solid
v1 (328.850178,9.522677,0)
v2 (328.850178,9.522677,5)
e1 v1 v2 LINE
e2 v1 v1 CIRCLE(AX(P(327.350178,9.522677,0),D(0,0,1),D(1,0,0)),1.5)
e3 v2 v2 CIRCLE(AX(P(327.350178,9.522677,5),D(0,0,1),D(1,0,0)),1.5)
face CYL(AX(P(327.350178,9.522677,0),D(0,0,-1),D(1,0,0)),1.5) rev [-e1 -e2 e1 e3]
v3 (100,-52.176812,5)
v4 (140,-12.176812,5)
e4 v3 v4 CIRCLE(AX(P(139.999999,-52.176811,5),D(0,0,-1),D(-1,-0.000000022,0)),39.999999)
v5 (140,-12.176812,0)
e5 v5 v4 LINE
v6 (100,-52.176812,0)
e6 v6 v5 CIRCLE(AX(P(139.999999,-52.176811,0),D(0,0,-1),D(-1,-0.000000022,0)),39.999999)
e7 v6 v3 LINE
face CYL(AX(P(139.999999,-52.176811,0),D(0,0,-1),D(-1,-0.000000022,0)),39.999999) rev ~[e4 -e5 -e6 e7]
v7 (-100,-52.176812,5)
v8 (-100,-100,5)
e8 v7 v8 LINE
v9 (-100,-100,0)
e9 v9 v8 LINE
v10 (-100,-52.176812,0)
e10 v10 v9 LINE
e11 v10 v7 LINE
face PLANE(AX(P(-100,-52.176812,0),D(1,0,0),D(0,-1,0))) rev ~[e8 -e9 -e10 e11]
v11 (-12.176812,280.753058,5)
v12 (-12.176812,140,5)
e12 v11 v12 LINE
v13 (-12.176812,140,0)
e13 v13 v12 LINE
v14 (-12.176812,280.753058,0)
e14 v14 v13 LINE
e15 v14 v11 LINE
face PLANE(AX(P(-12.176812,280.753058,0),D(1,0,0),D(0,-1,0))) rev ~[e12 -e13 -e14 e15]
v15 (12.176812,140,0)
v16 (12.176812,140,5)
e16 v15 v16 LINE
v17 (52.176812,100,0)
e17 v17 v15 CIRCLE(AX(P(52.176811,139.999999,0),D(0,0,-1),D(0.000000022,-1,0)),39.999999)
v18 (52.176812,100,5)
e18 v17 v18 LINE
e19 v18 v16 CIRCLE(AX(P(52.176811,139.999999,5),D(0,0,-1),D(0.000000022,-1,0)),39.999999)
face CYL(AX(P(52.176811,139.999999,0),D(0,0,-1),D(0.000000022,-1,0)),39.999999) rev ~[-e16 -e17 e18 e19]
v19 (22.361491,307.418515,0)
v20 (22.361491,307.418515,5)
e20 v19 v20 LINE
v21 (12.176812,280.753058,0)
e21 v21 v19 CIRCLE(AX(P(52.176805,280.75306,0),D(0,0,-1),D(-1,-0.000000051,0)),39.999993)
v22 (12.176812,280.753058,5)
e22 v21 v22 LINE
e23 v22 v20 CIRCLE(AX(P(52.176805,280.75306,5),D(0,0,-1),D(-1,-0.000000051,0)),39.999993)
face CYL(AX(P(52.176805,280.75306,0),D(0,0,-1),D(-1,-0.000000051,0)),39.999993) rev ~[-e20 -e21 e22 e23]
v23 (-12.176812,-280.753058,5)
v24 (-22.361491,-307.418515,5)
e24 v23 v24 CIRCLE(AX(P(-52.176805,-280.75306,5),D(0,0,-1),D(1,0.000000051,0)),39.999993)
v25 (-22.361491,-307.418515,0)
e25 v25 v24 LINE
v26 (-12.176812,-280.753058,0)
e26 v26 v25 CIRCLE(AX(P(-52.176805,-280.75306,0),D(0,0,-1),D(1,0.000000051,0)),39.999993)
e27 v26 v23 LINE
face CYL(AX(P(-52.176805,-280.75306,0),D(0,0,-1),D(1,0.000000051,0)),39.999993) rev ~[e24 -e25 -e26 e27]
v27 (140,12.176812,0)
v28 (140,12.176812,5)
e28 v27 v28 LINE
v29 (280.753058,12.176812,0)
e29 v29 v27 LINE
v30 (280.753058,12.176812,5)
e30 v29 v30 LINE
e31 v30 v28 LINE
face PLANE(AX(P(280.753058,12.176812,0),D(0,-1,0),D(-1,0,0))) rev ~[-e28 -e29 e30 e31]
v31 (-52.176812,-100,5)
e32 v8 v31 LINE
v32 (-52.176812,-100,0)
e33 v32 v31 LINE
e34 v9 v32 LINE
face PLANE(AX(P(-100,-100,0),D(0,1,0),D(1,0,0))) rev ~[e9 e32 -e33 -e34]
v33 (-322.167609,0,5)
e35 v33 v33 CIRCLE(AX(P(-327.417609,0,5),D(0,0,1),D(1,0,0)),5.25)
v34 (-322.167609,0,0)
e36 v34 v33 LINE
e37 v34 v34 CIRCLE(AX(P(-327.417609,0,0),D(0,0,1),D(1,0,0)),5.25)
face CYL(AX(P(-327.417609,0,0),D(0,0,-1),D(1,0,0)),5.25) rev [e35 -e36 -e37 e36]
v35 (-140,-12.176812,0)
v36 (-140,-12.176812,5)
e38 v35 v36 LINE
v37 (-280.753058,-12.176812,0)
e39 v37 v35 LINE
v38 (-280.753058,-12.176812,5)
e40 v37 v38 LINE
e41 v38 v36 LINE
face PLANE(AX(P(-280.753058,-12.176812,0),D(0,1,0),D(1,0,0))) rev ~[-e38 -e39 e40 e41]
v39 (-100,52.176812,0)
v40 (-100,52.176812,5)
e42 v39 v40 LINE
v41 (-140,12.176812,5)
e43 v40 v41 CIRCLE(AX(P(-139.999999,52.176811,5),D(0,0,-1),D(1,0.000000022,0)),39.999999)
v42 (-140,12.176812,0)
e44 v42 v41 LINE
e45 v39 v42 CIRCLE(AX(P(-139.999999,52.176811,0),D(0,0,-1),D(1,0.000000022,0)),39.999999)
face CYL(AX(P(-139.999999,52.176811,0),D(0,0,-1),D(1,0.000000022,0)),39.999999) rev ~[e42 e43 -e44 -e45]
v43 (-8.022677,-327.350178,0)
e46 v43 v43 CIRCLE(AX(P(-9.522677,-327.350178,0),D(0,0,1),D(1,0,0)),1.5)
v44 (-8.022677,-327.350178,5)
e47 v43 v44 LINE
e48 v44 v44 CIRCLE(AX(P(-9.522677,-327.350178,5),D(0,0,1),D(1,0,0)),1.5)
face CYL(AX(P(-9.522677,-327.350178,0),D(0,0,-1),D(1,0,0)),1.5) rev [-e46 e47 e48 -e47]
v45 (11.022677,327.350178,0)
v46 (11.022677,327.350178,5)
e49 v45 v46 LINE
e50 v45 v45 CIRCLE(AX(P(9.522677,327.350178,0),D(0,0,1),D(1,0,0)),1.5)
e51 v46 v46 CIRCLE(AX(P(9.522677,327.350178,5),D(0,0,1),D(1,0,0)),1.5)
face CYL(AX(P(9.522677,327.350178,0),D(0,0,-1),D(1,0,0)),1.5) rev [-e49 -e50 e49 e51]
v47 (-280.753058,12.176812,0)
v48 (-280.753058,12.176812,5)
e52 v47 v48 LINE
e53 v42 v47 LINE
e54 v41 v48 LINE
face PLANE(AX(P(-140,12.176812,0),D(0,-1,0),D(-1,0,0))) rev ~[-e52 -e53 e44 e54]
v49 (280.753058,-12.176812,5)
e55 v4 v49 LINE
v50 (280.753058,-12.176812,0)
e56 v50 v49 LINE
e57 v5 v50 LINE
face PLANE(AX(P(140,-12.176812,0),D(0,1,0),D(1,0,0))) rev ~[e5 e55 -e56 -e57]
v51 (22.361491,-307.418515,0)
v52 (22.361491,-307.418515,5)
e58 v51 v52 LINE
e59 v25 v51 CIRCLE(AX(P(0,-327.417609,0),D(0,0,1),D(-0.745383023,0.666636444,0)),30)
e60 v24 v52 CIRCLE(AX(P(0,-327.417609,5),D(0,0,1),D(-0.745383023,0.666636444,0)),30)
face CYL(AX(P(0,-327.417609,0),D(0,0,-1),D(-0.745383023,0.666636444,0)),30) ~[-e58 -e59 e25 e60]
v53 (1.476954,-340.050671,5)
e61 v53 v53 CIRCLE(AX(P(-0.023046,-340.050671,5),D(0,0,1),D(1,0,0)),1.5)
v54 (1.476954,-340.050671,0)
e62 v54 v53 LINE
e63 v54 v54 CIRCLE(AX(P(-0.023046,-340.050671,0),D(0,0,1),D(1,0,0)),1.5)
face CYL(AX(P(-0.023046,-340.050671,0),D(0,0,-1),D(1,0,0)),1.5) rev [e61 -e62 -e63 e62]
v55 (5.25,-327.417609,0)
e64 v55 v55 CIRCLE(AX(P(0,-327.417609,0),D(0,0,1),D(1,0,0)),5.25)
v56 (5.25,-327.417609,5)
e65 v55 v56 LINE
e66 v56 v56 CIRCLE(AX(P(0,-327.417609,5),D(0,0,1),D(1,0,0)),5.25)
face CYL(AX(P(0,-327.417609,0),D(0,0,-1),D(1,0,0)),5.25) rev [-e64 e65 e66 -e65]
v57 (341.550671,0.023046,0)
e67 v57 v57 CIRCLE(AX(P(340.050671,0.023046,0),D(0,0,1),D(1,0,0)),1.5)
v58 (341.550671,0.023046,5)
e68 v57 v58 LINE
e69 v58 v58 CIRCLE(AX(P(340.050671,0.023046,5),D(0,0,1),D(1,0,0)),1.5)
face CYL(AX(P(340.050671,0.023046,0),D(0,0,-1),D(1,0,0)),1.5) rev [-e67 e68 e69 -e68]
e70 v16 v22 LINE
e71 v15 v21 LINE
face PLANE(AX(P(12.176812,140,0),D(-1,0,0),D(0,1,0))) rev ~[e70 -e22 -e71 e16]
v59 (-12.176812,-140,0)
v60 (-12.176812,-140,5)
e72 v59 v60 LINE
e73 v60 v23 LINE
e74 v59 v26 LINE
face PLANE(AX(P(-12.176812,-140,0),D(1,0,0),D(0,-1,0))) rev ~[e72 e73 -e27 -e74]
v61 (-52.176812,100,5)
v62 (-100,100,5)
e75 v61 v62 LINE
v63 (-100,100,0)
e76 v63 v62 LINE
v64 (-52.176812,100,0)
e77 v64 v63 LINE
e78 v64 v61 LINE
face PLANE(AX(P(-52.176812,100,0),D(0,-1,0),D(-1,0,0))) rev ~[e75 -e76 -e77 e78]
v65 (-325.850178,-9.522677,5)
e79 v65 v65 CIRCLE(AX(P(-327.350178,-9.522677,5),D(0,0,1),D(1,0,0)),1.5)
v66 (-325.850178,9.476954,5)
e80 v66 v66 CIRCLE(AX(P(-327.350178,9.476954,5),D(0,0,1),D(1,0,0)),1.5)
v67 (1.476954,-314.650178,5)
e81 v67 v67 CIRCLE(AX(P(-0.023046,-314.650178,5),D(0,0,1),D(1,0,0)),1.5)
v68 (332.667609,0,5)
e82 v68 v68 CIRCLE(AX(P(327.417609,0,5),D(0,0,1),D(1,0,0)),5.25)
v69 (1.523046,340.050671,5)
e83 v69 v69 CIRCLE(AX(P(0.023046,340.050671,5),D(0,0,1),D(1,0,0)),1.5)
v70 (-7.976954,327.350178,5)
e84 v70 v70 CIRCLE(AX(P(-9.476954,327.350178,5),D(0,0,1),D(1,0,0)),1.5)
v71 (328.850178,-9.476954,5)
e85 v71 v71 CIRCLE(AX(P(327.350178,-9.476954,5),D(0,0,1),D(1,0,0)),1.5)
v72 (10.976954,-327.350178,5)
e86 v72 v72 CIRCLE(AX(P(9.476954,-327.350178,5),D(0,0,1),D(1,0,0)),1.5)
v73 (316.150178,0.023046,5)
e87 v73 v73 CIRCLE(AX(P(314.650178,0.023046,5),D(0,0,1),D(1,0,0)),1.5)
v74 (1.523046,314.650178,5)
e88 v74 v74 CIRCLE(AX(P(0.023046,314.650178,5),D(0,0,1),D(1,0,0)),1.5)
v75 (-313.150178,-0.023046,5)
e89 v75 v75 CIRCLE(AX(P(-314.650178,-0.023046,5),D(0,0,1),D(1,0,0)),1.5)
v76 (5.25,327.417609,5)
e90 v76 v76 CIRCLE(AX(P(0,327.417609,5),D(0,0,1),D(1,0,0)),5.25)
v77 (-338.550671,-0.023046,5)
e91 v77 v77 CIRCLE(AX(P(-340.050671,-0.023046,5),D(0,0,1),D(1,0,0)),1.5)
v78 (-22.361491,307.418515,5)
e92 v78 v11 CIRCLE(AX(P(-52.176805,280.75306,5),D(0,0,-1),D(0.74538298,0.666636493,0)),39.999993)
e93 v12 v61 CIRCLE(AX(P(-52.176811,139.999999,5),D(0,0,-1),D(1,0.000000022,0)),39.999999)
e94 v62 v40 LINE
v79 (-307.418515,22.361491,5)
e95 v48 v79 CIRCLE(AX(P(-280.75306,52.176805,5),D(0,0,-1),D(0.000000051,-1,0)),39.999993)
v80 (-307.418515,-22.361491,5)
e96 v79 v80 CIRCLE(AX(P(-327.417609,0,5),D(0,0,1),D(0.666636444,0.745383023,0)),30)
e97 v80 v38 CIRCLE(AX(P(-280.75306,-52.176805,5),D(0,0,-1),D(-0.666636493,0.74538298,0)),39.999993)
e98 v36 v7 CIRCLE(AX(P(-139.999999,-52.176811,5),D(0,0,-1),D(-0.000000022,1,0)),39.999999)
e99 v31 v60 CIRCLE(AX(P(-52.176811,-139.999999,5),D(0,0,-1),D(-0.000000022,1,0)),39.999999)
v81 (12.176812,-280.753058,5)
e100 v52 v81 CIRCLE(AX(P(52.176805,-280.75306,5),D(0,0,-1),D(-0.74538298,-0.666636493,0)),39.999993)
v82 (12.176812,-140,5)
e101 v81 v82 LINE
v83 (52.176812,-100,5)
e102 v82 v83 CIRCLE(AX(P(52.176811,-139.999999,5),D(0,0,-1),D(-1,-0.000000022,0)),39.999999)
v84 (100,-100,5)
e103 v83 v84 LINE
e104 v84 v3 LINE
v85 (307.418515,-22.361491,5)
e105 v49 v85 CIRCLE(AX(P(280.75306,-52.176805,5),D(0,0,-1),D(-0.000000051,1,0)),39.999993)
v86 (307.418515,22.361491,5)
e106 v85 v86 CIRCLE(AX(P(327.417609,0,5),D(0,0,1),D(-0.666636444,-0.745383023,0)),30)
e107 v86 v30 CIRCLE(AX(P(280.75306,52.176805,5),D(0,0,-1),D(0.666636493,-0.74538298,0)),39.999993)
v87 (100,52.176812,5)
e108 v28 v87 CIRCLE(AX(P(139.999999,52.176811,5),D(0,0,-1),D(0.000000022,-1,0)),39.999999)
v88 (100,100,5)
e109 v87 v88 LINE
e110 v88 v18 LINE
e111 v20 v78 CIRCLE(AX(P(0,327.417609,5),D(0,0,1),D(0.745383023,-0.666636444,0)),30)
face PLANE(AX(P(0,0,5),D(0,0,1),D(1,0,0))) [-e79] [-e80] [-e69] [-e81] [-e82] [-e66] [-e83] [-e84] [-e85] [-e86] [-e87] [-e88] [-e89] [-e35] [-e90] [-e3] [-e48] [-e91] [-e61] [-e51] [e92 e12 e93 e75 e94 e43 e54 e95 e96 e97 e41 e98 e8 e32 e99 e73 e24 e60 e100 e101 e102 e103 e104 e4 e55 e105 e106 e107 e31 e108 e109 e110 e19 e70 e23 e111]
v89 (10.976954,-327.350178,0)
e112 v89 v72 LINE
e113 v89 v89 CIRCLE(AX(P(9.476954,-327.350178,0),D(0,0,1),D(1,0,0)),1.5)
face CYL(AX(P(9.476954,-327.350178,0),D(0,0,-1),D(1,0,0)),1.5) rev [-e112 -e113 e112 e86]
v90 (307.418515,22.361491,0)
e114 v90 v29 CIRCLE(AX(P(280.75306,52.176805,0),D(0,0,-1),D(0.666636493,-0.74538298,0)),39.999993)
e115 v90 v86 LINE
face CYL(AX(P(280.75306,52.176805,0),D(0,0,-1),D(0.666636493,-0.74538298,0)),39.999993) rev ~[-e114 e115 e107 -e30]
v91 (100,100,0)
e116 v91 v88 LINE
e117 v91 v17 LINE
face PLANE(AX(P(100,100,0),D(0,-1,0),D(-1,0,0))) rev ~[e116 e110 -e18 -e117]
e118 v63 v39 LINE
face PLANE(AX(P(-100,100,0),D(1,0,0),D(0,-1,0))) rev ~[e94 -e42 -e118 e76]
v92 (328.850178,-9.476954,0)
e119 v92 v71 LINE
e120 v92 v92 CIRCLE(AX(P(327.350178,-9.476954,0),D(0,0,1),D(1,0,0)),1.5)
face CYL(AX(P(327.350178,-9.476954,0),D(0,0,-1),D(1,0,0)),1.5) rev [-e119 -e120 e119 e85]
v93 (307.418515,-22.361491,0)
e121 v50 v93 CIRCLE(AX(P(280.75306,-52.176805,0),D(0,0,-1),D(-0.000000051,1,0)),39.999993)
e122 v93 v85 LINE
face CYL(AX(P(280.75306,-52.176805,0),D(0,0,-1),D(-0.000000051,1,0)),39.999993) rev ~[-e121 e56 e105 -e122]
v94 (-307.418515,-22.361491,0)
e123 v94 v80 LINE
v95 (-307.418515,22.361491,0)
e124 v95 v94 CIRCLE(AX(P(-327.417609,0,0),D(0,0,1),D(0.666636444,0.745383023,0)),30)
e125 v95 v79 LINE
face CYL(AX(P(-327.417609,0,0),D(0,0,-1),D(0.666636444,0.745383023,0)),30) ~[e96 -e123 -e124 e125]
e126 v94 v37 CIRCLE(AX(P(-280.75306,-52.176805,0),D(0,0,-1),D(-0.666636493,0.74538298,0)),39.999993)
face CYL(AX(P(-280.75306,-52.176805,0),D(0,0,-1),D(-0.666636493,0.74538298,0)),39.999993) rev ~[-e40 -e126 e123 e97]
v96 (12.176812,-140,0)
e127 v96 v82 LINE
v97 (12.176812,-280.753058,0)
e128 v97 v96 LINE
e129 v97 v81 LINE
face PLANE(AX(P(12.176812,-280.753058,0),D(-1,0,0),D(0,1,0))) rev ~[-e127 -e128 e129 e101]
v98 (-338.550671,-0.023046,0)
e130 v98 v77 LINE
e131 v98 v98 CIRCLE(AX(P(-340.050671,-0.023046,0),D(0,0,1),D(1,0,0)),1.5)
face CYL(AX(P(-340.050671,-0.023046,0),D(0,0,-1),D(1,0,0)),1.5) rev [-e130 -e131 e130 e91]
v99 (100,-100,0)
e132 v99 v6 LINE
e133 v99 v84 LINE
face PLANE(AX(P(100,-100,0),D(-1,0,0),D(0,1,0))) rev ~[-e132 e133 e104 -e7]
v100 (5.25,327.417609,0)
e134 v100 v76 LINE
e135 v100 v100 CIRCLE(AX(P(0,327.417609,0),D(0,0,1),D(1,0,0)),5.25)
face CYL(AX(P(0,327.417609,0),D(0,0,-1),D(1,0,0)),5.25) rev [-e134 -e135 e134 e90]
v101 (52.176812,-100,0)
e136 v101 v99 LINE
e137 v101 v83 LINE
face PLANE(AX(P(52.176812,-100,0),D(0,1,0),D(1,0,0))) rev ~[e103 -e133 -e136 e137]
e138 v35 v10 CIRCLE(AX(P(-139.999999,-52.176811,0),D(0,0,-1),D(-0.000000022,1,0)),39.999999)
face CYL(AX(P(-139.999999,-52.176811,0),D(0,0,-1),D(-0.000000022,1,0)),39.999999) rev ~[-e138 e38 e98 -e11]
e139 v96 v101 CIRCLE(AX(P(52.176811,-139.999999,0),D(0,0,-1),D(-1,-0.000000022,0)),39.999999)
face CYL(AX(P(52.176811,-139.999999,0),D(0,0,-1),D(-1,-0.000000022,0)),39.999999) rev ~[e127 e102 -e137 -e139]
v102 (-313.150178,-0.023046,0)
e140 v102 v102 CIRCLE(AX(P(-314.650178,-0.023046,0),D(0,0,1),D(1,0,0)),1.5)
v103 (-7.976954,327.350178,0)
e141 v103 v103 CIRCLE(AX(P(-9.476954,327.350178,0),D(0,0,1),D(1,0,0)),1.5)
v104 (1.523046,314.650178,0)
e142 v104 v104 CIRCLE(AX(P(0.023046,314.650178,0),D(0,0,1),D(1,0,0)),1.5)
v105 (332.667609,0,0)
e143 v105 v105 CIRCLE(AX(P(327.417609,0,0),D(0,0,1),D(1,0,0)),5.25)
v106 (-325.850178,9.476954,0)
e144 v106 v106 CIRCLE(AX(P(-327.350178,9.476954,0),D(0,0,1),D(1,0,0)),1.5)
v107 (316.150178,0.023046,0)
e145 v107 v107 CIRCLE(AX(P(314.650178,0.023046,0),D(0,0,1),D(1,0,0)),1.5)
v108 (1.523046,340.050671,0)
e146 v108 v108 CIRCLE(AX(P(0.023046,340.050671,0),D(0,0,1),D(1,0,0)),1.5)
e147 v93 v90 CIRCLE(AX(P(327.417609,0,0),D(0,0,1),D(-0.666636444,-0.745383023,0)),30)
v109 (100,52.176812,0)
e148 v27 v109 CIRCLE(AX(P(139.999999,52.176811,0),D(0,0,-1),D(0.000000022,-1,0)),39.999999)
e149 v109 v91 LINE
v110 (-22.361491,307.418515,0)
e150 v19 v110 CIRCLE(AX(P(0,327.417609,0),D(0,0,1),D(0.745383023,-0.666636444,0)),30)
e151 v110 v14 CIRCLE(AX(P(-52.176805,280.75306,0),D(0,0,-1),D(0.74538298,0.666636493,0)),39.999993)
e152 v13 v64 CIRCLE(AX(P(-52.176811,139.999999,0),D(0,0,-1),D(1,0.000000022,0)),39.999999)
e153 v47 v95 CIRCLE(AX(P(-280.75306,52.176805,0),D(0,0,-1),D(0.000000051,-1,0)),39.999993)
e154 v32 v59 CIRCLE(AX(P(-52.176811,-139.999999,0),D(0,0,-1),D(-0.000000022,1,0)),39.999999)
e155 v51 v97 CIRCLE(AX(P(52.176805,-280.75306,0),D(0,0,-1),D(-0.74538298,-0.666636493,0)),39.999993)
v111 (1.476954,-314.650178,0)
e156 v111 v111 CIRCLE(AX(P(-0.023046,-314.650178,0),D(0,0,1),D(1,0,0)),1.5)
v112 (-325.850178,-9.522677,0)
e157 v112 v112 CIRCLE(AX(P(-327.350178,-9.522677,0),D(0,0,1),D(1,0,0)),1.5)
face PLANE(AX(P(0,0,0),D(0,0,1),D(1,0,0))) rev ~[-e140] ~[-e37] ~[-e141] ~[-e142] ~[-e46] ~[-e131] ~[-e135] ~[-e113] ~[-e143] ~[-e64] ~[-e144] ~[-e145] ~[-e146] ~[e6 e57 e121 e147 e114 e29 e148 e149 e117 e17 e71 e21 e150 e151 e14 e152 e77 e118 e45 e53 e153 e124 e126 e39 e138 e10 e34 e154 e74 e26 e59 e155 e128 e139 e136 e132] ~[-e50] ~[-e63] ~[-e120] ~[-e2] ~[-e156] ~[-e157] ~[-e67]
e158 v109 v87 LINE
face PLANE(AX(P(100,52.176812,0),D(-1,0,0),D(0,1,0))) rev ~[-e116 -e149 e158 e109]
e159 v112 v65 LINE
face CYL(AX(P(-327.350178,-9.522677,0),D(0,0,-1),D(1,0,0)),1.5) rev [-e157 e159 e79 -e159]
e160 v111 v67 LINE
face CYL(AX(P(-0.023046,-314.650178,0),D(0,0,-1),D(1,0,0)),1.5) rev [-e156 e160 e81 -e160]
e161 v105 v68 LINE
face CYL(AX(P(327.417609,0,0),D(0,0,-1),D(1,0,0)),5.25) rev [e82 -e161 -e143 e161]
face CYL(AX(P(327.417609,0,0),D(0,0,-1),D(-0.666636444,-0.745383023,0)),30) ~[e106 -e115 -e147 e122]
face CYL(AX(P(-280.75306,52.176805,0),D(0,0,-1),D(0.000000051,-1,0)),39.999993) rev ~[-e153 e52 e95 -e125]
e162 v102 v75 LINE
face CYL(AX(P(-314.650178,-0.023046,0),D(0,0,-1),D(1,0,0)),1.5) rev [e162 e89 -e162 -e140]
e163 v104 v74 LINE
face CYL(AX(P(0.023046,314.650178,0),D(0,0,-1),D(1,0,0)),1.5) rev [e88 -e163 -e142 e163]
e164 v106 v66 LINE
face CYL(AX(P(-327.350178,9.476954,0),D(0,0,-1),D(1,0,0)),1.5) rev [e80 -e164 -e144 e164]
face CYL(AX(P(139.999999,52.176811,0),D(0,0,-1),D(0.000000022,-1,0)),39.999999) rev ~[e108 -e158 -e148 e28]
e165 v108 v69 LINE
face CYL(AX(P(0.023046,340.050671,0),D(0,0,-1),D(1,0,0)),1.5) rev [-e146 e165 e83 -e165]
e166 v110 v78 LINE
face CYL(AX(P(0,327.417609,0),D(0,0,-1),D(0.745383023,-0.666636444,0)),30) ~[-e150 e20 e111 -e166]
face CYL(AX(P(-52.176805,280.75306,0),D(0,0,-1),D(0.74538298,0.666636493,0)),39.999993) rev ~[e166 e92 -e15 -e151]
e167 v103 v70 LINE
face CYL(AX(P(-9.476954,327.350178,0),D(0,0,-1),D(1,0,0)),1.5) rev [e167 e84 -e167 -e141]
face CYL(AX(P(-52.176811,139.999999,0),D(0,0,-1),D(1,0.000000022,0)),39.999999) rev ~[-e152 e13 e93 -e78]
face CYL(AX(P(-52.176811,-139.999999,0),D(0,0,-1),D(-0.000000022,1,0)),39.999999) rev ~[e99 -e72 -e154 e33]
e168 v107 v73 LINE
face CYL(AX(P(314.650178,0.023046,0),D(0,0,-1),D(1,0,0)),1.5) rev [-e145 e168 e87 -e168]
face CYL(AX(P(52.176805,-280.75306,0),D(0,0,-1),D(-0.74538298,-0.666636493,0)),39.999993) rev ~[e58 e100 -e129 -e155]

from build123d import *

# Parameters (mm, degrees)
F0_R     = 1.5
F0_R_2   = 5.25
F1_DEPTH = 5


with BuildPart() as f1:
    # F0 (on Top) → F1 (new body)
    with BuildSketch(Plane.XY):
        with BuildLine():
            Line((52.176812, -100), (100, -100))
            Line((100, -100), (100, -52.176812))
            ThreePointArc((100, -52.176812), (111.715729, -23.89254), (140, -12.176812))
            Line((140, -12.176812), (280.753058, -12.176812))
            ThreePointArc((280.753058, -12.176812), (295.025184, -14.809628), (307.418515, -22.361491))
            ThreePointArc((307.418515, -22.361491), (357.417609, 0), (307.418515, 22.361491))
            ThreePointArc((307.418515, 22.361491), (295.025184, 14.809628), (280.753058, 12.176812))
            Line((280.753058, 12.176812), (140, 12.176812))
            ThreePointArc((140, 12.176812), (111.715729, 23.89254), (100, 52.176812))
            Line((100, 52.176812), (100, 100))
            Line((100, 100), (52.176812, 100))
            ThreePointArc((52.176812, 100), (23.89254, 111.715729), (12.176812, 140))
            Line((12.176812, 140), (12.176812, 280.753058))
            ThreePointArc((12.176812, 280.753058), (14.809628, 295.025184), (22.361491, 307.418515))
            ThreePointArc((22.361491, 307.418515), (0, 357.417609), (-22.361491, 307.418515))
            ThreePointArc((-22.361491, 307.418515), (-14.809628, 295.025184), (-12.176812, 280.753058))
            Line((-12.176812, 280.753058), (-12.176812, 140))
            ThreePointArc((-12.176812, 140), (-23.89254, 111.715729), (-52.176812, 100))
            Line((-52.176812, 100), (-100, 100))
            Line((-100, 100), (-100, 52.176812))
            ThreePointArc((-100, 52.176812), (-111.715729, 23.89254), (-140, 12.176812))
            Line((-140, 12.176812), (-280.753058, 12.176812))
            ThreePointArc((-280.753058, 12.176812), (-295.025184, 14.809628), (-307.418515, 22.361491))
            ThreePointArc((-307.418515, 22.361491), (-357.417609, 0), (-307.418515, -22.361491))
            ThreePointArc((-307.418515, -22.361491), (-295.025184, -14.809628), (-280.753058, -12.176812))
            Line((-280.753058, -12.176812), (-140, -12.176812))
            ThreePointArc((-140, -12.176812), (-111.715729, -23.89254), (-100, -52.176812))
            Line((-100, -52.176812), (-100, -100))
            Line((-100, -100), (-52.176812, -100))
            ThreePointArc((-52.176812, -100), (-23.89254, -111.715729), (-12.176812, -140))
            Line((-12.176812, -140), (-12.176812, -280.753058))
            ThreePointArc((-12.176812, -280.753058), (-14.809628, -295.025184), (-22.361491, -307.418515))
            ThreePointArc((-22.361491, -307.418515), (0, -357.417609), (22.361491, -307.418515))
            ThreePointArc((22.361491, -307.418515), (14.809628, -295.025184), (12.176812, -280.753058))
            Line((12.176812, -280.753058), (12.176812, -140))
            ThreePointArc((12.176812, -140), (23.89254, -111.715729), (52.176812, -100))
        make_face()
        with Locations((-0.023046, -340.050671)):
            Circle(F0_R, mode=Mode.SUBTRACT)
        with Locations((-9.522677, -327.350178)):
            Circle(F0_R, mode=Mode.SUBTRACT)
        with Locations((-0.023046, -314.650178)):
            Circle(F0_R, mode=Mode.SUBTRACT)
        with Locations((-340.050671, -0.023046)):
            Circle(F0_R, mode=Mode.SUBTRACT)
        with Locations((-327.350178, -9.522677)):
            Circle(F0_R, mode=Mode.SUBTRACT)
        with Locations((-314.650178, -0.023046)):
            Circle(F0_R, mode=Mode.SUBTRACT)
        with Locations((0, -327.417609)):
            Circle(F0_R_2, mode=Mode.SUBTRACT)
        with Locations((9.476954, -327.350178)):
            Circle(F0_R, mode=Mode.SUBTRACT)
        with Locations((327.350178, -9.476954)):
            Circle(F0_R, mode=Mode.SUBTRACT)
        with Locations((-327.417609, 0)):
            Circle(F0_R_2, mode=Mode.SUBTRACT)
        with Locations((-327.350178, 9.476954)):
            Circle(F0_R, mode=Mode.SUBTRACT)
        with Locations((-9.476954, 327.350178)):
            Circle(F0_R, mode=Mode.SUBTRACT)
        with Locations((314.650178, 0.023046)):
            Circle(F0_R, mode=Mode.SUBTRACT)
        with Locations((327.417609, 0)):
            Circle(F0_R_2, mode=Mode.SUBTRACT)
        with Locations((327.350178, 9.522677)):
            Circle(F0_R, mode=Mode.SUBTRACT)
        with Locations((340.050671, 0.023046)):
            Circle(F0_R, mode=Mode.SUBTRACT)
        with Locations((0.023046, 314.650178)):
            Circle(F0_R, mode=Mode.SUBTRACT)
        with Locations((0, 327.417609)):
            Circle(F0_R_2, mode=Mode.SUBTRACT)
        with Locations((9.522677, 327.350178)):
            Circle(F0_R, mode=Mode.SUBTRACT)
        with Locations((0.023046, 340.050671)):
            Circle(F0_R, mode=Mode.SUBTRACT)
    extrude(amount=F1_DEPTH)


solid = f1.part
